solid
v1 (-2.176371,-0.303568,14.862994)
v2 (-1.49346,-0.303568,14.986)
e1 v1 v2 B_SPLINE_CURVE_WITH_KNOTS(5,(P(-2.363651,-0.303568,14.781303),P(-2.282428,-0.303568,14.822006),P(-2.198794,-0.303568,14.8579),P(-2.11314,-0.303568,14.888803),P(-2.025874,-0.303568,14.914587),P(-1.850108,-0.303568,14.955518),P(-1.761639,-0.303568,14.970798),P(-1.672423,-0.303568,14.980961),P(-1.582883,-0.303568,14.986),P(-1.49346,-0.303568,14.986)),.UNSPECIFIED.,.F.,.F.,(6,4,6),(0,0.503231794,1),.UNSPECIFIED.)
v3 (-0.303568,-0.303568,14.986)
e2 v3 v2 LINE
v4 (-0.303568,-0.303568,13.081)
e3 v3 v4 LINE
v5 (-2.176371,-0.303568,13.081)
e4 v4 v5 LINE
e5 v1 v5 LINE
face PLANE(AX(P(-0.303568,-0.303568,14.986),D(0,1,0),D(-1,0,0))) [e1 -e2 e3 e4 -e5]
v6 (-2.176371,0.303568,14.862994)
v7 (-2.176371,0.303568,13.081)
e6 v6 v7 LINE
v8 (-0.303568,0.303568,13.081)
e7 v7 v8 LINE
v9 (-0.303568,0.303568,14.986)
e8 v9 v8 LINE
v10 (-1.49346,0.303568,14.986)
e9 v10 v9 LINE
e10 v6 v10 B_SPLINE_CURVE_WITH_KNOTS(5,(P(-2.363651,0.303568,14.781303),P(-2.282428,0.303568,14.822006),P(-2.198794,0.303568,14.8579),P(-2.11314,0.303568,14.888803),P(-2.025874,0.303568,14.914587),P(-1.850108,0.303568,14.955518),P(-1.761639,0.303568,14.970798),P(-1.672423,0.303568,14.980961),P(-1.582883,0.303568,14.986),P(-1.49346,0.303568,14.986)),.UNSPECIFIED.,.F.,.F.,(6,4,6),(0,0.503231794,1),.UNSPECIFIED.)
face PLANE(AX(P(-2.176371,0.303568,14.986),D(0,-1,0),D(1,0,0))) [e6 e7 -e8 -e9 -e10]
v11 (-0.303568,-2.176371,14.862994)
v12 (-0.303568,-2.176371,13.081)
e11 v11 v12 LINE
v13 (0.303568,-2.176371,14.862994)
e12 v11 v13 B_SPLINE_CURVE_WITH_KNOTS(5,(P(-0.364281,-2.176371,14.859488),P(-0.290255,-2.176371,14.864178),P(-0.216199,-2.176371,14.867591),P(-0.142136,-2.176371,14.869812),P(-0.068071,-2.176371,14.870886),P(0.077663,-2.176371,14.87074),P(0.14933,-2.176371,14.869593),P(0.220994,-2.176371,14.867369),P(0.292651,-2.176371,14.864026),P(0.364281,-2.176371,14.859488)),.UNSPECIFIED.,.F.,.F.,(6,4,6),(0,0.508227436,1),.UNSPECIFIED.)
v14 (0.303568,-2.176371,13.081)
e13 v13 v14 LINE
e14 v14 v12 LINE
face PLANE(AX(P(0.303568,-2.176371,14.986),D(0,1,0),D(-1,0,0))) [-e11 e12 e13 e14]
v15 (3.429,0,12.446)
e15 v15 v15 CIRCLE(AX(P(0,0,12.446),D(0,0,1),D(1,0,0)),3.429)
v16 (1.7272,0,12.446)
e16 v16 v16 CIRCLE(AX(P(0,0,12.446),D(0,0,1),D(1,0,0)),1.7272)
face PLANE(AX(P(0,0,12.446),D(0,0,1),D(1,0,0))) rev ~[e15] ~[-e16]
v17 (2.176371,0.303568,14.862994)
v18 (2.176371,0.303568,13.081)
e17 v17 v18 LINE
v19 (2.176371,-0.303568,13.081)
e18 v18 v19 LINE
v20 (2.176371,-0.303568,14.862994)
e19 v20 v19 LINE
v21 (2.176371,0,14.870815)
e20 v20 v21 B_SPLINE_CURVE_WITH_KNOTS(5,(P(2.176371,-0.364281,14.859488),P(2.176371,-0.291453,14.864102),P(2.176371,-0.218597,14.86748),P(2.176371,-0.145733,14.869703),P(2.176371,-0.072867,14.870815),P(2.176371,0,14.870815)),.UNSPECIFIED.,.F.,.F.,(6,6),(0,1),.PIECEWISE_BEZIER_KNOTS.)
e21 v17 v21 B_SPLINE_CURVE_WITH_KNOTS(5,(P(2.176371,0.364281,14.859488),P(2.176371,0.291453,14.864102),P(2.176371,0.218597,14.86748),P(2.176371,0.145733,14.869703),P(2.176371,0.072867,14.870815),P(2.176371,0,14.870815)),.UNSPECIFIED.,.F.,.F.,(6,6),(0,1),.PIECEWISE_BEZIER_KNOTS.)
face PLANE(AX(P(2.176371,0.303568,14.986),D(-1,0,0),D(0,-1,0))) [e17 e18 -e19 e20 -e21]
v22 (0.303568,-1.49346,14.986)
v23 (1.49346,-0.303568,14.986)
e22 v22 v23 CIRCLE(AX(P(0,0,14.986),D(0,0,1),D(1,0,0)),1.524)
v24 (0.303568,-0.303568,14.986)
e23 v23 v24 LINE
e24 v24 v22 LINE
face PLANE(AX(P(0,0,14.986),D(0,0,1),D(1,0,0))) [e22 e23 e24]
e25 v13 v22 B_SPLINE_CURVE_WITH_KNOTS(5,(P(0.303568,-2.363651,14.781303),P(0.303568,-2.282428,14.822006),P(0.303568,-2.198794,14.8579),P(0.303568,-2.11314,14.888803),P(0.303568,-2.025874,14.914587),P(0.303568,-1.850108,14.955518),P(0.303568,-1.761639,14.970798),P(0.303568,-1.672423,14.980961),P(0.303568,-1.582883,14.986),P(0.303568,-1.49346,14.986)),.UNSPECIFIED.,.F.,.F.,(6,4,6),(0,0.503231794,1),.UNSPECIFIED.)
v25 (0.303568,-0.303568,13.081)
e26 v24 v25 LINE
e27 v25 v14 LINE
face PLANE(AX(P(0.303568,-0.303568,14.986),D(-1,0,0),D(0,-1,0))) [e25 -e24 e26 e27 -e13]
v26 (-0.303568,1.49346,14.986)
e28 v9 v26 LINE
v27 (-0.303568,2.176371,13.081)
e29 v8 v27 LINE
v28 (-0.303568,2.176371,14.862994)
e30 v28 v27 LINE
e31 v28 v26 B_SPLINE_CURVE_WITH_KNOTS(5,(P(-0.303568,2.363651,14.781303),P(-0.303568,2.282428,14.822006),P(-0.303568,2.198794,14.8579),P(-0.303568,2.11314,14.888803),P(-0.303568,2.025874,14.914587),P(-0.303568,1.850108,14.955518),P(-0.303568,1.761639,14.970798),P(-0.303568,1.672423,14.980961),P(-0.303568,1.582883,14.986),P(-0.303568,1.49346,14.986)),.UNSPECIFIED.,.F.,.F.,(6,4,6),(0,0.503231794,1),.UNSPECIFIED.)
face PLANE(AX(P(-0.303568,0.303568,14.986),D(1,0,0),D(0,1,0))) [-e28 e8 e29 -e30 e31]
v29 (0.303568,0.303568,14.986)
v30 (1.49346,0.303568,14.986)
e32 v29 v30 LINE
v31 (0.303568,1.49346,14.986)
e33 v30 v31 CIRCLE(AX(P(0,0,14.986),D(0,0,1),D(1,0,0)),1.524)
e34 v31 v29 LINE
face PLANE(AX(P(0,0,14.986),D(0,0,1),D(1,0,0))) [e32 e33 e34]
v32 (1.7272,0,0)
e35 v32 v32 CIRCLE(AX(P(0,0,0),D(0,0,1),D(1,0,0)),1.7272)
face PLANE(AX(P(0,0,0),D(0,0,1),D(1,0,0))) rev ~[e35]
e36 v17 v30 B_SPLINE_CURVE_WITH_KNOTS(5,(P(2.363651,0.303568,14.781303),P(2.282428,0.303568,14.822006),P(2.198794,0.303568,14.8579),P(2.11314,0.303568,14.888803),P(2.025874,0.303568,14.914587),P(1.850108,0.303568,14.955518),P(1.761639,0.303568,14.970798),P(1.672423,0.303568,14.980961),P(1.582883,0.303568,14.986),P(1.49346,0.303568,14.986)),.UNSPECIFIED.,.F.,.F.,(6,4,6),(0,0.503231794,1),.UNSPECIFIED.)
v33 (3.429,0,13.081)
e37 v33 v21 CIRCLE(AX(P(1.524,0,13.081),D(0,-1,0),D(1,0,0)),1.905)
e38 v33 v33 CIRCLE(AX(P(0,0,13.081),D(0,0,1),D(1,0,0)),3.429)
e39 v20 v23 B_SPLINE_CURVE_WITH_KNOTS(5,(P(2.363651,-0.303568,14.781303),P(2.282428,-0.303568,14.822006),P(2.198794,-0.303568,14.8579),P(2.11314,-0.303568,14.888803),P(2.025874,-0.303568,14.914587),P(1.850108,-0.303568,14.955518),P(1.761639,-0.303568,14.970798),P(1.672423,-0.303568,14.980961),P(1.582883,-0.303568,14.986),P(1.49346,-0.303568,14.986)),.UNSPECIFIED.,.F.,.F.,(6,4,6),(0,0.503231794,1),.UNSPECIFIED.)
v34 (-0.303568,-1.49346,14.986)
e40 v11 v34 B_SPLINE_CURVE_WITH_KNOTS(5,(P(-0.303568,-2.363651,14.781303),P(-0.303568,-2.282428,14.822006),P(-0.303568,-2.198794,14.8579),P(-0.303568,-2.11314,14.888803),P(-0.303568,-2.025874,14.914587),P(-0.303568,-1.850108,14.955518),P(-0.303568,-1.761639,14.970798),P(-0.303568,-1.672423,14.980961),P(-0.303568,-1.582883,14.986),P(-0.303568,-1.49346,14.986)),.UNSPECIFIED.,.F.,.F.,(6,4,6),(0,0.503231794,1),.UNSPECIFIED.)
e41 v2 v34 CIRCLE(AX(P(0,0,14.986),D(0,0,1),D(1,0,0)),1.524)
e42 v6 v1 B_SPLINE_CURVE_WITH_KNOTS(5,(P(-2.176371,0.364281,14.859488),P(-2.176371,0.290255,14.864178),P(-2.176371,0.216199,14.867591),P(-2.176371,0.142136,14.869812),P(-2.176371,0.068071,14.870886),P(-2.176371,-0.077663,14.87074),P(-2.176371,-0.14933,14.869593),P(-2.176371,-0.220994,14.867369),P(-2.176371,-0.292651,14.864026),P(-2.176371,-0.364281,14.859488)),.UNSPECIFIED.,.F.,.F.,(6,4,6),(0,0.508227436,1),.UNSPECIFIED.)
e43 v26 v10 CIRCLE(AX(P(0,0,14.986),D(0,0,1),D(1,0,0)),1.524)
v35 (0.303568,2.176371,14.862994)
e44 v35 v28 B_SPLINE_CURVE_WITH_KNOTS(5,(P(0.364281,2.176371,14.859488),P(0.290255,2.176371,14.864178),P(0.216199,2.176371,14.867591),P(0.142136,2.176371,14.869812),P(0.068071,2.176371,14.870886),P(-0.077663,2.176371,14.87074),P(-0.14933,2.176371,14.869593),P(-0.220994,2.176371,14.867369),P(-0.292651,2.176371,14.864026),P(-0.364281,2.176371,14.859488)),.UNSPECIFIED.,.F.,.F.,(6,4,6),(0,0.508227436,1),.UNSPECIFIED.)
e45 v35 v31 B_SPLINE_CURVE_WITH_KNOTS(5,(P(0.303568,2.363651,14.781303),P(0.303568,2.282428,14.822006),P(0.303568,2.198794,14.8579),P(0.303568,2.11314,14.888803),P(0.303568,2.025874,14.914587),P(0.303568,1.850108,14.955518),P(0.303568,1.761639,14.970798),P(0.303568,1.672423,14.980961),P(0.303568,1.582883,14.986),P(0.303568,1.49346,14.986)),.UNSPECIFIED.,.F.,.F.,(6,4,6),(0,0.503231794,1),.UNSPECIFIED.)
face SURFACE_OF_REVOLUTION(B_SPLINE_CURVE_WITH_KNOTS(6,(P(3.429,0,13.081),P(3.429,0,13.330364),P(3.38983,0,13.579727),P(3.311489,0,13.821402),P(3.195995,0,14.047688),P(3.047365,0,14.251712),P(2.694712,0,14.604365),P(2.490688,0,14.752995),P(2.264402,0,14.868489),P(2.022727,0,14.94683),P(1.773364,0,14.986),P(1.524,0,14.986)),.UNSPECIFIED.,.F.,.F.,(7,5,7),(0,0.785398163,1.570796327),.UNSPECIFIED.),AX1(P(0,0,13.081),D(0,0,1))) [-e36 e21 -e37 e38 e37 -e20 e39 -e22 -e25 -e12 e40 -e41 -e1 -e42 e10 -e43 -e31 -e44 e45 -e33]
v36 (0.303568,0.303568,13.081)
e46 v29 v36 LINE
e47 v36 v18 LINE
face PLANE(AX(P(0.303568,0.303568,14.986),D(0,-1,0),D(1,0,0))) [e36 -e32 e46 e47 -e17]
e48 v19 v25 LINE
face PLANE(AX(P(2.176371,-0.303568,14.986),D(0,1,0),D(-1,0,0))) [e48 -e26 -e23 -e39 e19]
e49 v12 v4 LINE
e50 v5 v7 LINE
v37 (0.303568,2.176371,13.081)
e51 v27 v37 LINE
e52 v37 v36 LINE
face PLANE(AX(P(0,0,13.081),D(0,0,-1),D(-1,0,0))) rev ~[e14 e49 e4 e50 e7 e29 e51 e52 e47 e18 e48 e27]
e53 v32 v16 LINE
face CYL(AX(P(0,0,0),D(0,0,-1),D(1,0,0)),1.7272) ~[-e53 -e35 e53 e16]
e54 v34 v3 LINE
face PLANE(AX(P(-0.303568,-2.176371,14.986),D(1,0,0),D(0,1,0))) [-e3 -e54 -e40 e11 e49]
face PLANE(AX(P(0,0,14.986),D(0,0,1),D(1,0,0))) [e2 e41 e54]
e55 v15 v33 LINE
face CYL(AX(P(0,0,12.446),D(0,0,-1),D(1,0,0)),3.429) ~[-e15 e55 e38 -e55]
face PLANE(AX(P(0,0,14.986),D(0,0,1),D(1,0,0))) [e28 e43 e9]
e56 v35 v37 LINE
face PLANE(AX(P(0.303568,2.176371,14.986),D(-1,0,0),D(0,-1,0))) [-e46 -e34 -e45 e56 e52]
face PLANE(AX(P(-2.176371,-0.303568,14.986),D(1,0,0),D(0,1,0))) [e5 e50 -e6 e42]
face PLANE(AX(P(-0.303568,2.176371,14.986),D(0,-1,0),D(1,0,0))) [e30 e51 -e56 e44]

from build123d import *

# Parameters (mm, degrees)
SKETCH1_R           = 1.7272
BOSS_EXTRUDE1_DEPTH = 12.446
SKETCH2_R           = 3.429
BOSS_EXTRUDE2_DEPTH = 2.54
FILLET1_R           = 1.905
CUT_EXTRUDE1_DEPTH  = 1.905


with BuildPart() as part:
    # Sketch1 → Boss-Extrude1 (new body)
    with BuildSketch(Plane.XY):
        Circle(SKETCH1_R)
    extrude(amount=BOSS_EXTRUDE1_DEPTH)

    # Sketch2 → Boss-Extrude2 (add)
    with BuildSketch(Plane.XY.offset(12.446)):
        Circle(SKETCH2_R)
    extrude(amount=BOSS_EXTRUDE2_DEPTH)

    # Fillet1
    fillet1_edges = [part.edges().sort_by_distance(p)[0] for p in [
        (-3.429, 0, 14.986),
    ]]
    fillet(fillet1_edges, radius=FILLET1_R)

    # Sketch3 → Cut-Extrude1 (cut)
    with BuildSketch(Plane.XY.offset(14.986)):
        Polygon((-0.303567799, 0.303567799), (-0.303567799, 2.17637078), (0.303567799, 2.17637078), (0.303567799, 0.303567799), (2.17637078, 0.303567799), (2.17637078, -0.303567799), (0.303567799, -0.303567799), (0.303567799, -2.17637078), (-0.303567799, -2.17637078), (-0.303567799, -0.303567799), (-2.17637078, -0.303567799), (-2.17637078, 0.303567799), align=None)
    extrude(amount=-CUT_EXTRUDE1_DEPTH, mode=Mode.SUBTRACT)


solid = part.part
